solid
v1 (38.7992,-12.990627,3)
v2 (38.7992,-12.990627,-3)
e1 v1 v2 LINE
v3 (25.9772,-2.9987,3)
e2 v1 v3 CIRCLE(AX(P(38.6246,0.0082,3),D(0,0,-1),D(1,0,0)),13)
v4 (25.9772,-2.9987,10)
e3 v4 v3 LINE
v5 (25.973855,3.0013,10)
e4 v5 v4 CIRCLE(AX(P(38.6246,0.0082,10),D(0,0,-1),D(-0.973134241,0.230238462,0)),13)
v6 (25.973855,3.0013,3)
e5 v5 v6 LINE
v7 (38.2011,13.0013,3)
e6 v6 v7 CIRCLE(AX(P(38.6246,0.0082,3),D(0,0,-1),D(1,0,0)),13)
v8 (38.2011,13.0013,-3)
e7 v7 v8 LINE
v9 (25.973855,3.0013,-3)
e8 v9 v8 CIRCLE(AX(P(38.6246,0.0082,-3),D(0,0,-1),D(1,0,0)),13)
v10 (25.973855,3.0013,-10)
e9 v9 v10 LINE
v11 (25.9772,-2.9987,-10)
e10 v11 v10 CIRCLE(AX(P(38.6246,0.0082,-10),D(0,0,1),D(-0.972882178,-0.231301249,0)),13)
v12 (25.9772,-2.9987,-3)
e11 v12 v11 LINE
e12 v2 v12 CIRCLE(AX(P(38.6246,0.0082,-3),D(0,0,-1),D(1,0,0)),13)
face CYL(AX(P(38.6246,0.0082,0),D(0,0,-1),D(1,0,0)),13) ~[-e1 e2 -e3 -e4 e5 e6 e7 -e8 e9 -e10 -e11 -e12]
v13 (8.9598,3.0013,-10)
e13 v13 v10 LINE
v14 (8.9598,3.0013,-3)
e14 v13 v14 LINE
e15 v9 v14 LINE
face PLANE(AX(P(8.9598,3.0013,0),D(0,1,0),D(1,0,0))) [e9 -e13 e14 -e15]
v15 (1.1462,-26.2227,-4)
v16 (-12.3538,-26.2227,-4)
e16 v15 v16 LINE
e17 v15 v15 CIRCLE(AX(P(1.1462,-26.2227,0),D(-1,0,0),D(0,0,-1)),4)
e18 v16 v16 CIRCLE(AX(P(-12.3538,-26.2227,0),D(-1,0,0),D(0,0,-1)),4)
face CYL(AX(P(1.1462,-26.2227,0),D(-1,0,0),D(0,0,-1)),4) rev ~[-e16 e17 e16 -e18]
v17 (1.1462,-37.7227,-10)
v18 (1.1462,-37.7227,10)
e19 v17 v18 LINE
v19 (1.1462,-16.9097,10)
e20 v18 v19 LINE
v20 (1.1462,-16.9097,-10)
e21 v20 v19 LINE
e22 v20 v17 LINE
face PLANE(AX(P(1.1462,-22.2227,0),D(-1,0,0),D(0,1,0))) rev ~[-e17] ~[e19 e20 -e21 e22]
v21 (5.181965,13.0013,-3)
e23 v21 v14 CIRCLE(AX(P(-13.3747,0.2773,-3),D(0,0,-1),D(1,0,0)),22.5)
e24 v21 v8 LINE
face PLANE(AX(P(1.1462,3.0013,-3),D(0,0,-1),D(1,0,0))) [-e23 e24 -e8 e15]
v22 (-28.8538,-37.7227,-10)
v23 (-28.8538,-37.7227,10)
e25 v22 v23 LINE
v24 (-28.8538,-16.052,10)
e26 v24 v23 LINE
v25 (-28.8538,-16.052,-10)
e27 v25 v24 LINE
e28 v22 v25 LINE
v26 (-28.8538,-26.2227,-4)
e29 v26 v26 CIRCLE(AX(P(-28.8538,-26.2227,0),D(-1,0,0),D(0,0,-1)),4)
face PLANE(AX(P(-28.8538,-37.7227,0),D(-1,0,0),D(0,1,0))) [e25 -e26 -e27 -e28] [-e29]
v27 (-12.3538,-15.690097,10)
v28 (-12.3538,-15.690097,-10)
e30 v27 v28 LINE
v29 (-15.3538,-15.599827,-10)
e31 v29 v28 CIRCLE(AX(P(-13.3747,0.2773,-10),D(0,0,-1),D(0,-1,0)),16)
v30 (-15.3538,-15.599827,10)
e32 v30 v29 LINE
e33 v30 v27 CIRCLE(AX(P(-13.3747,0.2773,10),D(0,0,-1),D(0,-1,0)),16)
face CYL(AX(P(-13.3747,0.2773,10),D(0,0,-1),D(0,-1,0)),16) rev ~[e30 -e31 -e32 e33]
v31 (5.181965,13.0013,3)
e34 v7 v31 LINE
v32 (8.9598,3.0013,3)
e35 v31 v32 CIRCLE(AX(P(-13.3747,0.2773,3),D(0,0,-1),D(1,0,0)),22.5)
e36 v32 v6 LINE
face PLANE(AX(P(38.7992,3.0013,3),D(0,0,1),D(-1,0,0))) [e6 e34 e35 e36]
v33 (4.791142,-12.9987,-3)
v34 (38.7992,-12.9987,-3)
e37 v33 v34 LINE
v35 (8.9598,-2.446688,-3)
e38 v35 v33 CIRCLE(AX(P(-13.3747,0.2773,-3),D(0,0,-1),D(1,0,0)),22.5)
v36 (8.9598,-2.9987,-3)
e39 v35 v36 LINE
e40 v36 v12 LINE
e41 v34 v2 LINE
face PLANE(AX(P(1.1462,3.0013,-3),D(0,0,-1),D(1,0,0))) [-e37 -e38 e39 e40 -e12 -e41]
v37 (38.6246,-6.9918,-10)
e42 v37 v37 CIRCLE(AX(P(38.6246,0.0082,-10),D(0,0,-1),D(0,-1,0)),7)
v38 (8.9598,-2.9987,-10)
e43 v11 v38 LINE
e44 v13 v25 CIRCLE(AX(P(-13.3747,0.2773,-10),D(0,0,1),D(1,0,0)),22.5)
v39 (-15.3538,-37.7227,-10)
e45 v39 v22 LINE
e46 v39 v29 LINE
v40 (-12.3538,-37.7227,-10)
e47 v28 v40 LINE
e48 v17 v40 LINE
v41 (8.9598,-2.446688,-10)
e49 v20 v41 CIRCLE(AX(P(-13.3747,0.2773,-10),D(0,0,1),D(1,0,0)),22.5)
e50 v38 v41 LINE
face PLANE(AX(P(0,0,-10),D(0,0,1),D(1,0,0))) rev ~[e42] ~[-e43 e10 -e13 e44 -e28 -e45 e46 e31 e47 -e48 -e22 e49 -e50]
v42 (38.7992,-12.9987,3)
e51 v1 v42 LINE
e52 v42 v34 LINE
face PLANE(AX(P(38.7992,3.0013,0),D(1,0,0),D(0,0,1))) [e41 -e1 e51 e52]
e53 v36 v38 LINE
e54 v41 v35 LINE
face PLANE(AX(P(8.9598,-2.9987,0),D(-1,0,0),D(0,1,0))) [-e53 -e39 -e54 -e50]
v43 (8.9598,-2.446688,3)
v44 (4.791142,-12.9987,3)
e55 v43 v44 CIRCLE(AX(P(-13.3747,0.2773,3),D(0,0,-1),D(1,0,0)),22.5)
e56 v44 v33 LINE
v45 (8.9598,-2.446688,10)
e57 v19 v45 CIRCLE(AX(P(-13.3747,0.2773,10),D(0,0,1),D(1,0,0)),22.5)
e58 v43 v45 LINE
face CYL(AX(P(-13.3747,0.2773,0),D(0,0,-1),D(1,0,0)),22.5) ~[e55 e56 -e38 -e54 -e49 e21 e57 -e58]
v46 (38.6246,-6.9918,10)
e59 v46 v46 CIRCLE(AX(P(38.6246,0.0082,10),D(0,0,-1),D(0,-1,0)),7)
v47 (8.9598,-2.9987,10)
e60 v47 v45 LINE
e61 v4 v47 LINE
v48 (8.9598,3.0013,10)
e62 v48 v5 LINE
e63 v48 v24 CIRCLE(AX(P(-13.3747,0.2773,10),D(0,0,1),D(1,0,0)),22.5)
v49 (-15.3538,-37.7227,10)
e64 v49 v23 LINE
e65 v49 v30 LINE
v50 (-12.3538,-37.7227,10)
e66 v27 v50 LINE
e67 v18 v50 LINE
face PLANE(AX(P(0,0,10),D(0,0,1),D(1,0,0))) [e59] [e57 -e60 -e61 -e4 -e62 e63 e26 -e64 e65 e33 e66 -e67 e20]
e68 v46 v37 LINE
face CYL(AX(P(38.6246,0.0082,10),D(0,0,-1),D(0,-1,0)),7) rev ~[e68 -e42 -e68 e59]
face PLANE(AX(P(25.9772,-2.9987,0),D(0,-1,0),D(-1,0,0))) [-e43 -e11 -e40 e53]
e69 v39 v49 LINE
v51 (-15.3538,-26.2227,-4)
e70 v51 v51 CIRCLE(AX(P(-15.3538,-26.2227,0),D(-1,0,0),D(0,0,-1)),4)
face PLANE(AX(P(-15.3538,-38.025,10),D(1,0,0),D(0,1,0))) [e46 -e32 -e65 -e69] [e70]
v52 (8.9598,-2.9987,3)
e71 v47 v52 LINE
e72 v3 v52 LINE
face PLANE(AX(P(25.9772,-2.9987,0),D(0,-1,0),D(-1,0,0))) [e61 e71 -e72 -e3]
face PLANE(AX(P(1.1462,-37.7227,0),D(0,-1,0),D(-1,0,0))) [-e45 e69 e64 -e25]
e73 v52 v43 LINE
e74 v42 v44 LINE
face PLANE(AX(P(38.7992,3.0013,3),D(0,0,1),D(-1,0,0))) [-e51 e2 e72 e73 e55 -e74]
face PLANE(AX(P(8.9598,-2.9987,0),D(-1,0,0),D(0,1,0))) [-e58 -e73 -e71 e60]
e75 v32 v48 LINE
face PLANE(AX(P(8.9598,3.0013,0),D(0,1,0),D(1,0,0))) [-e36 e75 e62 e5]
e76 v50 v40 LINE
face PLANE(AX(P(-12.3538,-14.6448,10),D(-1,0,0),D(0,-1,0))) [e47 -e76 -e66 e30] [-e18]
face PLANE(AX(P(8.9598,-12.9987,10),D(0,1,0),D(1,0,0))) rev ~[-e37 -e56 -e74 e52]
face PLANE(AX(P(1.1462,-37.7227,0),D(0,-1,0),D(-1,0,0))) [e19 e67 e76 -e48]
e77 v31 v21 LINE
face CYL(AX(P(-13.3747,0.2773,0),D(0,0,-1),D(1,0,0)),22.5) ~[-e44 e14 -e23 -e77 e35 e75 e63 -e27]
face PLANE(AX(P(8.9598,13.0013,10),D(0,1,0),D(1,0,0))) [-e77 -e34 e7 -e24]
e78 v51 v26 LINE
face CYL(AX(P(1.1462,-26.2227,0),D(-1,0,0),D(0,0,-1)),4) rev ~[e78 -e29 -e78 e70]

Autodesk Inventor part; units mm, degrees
ref_plane "YZ Plane" through (0, 0, 0) normal (1, 0, 0) x (0, 1, 0)
ref_plane "XZ Plane" through (0, 0, 0) normal (0, 1, 0) x (-1, 0, 0)
ref_plane "XY Plane" through (0, 0, 0) normal (0, 0, 1) x (1, 0, 0)
sketch "Szkic1" plane through (0, 0, 0) normal (0, 0, 1) x (1, 0, 0)
  circle A0 centre (-13.3747, 0.2773) radius 22.5
  circle A1 centre (38.6246, 0.0082) radius 13
  line L0 (8.9598, 3.0013) -> (25.9772, 3.0013)
  line L1 (25.9772, 3.0013) -> (25.9772, -2.9987)
  line L2 (25.9772, -2.9987) -> (8.9598, -2.9987)
  line L3 (8.9598, -2.9987) -> (8.9598, 3.0013)
  line L4 (25.9772, 3.0013) -> (8.9598, -2.9987) construction
  line L5 (1.1462, -22.2227) -> (1.1462, -37.7227)
  line L6 (1.1462, -37.7227) -> (-28.8538, -37.7227)
  line L7 (-28.8538, -37.7227) -> (-28.8538, -22.2227)
  line L8 (-28.8538, -22.2227) -> (-28.8538, -16.052)
  line L9 (1.1462, -22.2227) -> (1.1462, -16.9097)
  point P0 (0, 0)
  point P1 (17.4685, 0.0013)
  point P2 (-13.8538, -22.2176)
  point P3 (8.9598, -2.4467)
  point P4 (25.9739, 3.0013)
  dimension "d1" = 26
  dimension "d0" = 45
  dimension "d2" = 52
  dimension "d3" = 6
  dimension "d4" = 30
  dimension "d5" = 38
extrude "Wyciągnięcie proste1" add sketch "Szkic1" along normal mid plane 20
sketch "Szkic2" plane through (0, 0, 10) normal (0, 0, 1) x (1, 0, 0)
  point P0 (0, 0)
sketch "Szkic3" plane through (8.9598, 3.0013, 10) normal (0, 1, 0) x (1, 0, 0)
  line L0 (29.8394, 10) -> (-7.8136, 10)
  line L1 (-7.8136, 20) -> (-7.8136, 0) projected
  line L2 (-7.8136, 13) -> (29.8394, 13)
  line L3 (29.8394, 13) -> (29.8394, 7)
  line L4 (29.8394, 7) -> (-7.8136, 7)
  line L5 (-7.8136, 7) -> (-7.8136, 13)
  line L6 (-7.8136, 13) -> (29.8394, 7) construction
  line L7 (29.8394, 13) -> (-7.8136, 7) construction
  point P0 (-8.9598, 10)
  point P1 (11.0129, 10)
  dimension "d8" = 6
extrude "Wyciągnięcie proste2" add sketch "Szkic3" along normal blind 10 and the other way blind 16
sketch "Szkic4" plane through (0, 0, 10) normal (0, 0, 1) x (1, 0, 0)
  arc A0 (8.9598, 3.0013) -> (-28.8538, -16.052) centre (-13.3747, 0.2773) ccw projected
  arc A1 (25.9772, -2.9987) -> (25.9739, 3.0013) centre (38.6246, 0.0082) ccw projected
  point P0 (0, 0)
sketch "Szkic5" plane through (0, 0, 10) normal (0, 0, 1) x (1, 0, 0)
  line L0 (-12.3538, -38.025) -> (-15.3538, -38.025)
  line L1 (-15.3538, -38.025) -> (-15.3538, -14.6448)
  line L2 (-15.3538, -14.6448) -> (-12.3538, -14.6448)
  line L3 (-12.3538, -14.6448) -> (-12.3538, -38.025)
  line L4 (-12.3538, -38.025) -> (-15.3538, -14.6448) construction
  line L5 (-15.3538, -38.025) -> (-12.3538, -14.6448) construction
  point P0 (0, 0)
  point P1 (-13.8538, -26.3349)
  dimension "d13" = 3
hole "Otwór1" at (-13.3747, 0.2773, 10) direction (0, 0, -1) diameter 32 end through all
sketch "Szkic6" plane through (0, 0, 10) normal (0, 0, 1) x (1, 0, 0)
  arc A0 (25.9772, -2.9987) -> (25.9739, 3.0013) centre (38.6246, 0.0082) ccw projected
  point P0 (0, 0)
hole "Otwór2" at (38.6246, 0.0082, 10) direction (0, 0, -1) diameter 14 end through all
extrude "Wyciągnięcie proste3" cut sketch "Szkic5" against normal through all
sketch "Szkic7" plane through (1.1462, -37.7227, 10) normal (1, 0, 0) x (0, 0, -1)
  point P0 (10, 37.7227)
  point P1 (10, 11.5)
hole "Otwór3" at (1.1462, -26.2227, 0) direction (-1, 0, 0) diameter 8 end through all
